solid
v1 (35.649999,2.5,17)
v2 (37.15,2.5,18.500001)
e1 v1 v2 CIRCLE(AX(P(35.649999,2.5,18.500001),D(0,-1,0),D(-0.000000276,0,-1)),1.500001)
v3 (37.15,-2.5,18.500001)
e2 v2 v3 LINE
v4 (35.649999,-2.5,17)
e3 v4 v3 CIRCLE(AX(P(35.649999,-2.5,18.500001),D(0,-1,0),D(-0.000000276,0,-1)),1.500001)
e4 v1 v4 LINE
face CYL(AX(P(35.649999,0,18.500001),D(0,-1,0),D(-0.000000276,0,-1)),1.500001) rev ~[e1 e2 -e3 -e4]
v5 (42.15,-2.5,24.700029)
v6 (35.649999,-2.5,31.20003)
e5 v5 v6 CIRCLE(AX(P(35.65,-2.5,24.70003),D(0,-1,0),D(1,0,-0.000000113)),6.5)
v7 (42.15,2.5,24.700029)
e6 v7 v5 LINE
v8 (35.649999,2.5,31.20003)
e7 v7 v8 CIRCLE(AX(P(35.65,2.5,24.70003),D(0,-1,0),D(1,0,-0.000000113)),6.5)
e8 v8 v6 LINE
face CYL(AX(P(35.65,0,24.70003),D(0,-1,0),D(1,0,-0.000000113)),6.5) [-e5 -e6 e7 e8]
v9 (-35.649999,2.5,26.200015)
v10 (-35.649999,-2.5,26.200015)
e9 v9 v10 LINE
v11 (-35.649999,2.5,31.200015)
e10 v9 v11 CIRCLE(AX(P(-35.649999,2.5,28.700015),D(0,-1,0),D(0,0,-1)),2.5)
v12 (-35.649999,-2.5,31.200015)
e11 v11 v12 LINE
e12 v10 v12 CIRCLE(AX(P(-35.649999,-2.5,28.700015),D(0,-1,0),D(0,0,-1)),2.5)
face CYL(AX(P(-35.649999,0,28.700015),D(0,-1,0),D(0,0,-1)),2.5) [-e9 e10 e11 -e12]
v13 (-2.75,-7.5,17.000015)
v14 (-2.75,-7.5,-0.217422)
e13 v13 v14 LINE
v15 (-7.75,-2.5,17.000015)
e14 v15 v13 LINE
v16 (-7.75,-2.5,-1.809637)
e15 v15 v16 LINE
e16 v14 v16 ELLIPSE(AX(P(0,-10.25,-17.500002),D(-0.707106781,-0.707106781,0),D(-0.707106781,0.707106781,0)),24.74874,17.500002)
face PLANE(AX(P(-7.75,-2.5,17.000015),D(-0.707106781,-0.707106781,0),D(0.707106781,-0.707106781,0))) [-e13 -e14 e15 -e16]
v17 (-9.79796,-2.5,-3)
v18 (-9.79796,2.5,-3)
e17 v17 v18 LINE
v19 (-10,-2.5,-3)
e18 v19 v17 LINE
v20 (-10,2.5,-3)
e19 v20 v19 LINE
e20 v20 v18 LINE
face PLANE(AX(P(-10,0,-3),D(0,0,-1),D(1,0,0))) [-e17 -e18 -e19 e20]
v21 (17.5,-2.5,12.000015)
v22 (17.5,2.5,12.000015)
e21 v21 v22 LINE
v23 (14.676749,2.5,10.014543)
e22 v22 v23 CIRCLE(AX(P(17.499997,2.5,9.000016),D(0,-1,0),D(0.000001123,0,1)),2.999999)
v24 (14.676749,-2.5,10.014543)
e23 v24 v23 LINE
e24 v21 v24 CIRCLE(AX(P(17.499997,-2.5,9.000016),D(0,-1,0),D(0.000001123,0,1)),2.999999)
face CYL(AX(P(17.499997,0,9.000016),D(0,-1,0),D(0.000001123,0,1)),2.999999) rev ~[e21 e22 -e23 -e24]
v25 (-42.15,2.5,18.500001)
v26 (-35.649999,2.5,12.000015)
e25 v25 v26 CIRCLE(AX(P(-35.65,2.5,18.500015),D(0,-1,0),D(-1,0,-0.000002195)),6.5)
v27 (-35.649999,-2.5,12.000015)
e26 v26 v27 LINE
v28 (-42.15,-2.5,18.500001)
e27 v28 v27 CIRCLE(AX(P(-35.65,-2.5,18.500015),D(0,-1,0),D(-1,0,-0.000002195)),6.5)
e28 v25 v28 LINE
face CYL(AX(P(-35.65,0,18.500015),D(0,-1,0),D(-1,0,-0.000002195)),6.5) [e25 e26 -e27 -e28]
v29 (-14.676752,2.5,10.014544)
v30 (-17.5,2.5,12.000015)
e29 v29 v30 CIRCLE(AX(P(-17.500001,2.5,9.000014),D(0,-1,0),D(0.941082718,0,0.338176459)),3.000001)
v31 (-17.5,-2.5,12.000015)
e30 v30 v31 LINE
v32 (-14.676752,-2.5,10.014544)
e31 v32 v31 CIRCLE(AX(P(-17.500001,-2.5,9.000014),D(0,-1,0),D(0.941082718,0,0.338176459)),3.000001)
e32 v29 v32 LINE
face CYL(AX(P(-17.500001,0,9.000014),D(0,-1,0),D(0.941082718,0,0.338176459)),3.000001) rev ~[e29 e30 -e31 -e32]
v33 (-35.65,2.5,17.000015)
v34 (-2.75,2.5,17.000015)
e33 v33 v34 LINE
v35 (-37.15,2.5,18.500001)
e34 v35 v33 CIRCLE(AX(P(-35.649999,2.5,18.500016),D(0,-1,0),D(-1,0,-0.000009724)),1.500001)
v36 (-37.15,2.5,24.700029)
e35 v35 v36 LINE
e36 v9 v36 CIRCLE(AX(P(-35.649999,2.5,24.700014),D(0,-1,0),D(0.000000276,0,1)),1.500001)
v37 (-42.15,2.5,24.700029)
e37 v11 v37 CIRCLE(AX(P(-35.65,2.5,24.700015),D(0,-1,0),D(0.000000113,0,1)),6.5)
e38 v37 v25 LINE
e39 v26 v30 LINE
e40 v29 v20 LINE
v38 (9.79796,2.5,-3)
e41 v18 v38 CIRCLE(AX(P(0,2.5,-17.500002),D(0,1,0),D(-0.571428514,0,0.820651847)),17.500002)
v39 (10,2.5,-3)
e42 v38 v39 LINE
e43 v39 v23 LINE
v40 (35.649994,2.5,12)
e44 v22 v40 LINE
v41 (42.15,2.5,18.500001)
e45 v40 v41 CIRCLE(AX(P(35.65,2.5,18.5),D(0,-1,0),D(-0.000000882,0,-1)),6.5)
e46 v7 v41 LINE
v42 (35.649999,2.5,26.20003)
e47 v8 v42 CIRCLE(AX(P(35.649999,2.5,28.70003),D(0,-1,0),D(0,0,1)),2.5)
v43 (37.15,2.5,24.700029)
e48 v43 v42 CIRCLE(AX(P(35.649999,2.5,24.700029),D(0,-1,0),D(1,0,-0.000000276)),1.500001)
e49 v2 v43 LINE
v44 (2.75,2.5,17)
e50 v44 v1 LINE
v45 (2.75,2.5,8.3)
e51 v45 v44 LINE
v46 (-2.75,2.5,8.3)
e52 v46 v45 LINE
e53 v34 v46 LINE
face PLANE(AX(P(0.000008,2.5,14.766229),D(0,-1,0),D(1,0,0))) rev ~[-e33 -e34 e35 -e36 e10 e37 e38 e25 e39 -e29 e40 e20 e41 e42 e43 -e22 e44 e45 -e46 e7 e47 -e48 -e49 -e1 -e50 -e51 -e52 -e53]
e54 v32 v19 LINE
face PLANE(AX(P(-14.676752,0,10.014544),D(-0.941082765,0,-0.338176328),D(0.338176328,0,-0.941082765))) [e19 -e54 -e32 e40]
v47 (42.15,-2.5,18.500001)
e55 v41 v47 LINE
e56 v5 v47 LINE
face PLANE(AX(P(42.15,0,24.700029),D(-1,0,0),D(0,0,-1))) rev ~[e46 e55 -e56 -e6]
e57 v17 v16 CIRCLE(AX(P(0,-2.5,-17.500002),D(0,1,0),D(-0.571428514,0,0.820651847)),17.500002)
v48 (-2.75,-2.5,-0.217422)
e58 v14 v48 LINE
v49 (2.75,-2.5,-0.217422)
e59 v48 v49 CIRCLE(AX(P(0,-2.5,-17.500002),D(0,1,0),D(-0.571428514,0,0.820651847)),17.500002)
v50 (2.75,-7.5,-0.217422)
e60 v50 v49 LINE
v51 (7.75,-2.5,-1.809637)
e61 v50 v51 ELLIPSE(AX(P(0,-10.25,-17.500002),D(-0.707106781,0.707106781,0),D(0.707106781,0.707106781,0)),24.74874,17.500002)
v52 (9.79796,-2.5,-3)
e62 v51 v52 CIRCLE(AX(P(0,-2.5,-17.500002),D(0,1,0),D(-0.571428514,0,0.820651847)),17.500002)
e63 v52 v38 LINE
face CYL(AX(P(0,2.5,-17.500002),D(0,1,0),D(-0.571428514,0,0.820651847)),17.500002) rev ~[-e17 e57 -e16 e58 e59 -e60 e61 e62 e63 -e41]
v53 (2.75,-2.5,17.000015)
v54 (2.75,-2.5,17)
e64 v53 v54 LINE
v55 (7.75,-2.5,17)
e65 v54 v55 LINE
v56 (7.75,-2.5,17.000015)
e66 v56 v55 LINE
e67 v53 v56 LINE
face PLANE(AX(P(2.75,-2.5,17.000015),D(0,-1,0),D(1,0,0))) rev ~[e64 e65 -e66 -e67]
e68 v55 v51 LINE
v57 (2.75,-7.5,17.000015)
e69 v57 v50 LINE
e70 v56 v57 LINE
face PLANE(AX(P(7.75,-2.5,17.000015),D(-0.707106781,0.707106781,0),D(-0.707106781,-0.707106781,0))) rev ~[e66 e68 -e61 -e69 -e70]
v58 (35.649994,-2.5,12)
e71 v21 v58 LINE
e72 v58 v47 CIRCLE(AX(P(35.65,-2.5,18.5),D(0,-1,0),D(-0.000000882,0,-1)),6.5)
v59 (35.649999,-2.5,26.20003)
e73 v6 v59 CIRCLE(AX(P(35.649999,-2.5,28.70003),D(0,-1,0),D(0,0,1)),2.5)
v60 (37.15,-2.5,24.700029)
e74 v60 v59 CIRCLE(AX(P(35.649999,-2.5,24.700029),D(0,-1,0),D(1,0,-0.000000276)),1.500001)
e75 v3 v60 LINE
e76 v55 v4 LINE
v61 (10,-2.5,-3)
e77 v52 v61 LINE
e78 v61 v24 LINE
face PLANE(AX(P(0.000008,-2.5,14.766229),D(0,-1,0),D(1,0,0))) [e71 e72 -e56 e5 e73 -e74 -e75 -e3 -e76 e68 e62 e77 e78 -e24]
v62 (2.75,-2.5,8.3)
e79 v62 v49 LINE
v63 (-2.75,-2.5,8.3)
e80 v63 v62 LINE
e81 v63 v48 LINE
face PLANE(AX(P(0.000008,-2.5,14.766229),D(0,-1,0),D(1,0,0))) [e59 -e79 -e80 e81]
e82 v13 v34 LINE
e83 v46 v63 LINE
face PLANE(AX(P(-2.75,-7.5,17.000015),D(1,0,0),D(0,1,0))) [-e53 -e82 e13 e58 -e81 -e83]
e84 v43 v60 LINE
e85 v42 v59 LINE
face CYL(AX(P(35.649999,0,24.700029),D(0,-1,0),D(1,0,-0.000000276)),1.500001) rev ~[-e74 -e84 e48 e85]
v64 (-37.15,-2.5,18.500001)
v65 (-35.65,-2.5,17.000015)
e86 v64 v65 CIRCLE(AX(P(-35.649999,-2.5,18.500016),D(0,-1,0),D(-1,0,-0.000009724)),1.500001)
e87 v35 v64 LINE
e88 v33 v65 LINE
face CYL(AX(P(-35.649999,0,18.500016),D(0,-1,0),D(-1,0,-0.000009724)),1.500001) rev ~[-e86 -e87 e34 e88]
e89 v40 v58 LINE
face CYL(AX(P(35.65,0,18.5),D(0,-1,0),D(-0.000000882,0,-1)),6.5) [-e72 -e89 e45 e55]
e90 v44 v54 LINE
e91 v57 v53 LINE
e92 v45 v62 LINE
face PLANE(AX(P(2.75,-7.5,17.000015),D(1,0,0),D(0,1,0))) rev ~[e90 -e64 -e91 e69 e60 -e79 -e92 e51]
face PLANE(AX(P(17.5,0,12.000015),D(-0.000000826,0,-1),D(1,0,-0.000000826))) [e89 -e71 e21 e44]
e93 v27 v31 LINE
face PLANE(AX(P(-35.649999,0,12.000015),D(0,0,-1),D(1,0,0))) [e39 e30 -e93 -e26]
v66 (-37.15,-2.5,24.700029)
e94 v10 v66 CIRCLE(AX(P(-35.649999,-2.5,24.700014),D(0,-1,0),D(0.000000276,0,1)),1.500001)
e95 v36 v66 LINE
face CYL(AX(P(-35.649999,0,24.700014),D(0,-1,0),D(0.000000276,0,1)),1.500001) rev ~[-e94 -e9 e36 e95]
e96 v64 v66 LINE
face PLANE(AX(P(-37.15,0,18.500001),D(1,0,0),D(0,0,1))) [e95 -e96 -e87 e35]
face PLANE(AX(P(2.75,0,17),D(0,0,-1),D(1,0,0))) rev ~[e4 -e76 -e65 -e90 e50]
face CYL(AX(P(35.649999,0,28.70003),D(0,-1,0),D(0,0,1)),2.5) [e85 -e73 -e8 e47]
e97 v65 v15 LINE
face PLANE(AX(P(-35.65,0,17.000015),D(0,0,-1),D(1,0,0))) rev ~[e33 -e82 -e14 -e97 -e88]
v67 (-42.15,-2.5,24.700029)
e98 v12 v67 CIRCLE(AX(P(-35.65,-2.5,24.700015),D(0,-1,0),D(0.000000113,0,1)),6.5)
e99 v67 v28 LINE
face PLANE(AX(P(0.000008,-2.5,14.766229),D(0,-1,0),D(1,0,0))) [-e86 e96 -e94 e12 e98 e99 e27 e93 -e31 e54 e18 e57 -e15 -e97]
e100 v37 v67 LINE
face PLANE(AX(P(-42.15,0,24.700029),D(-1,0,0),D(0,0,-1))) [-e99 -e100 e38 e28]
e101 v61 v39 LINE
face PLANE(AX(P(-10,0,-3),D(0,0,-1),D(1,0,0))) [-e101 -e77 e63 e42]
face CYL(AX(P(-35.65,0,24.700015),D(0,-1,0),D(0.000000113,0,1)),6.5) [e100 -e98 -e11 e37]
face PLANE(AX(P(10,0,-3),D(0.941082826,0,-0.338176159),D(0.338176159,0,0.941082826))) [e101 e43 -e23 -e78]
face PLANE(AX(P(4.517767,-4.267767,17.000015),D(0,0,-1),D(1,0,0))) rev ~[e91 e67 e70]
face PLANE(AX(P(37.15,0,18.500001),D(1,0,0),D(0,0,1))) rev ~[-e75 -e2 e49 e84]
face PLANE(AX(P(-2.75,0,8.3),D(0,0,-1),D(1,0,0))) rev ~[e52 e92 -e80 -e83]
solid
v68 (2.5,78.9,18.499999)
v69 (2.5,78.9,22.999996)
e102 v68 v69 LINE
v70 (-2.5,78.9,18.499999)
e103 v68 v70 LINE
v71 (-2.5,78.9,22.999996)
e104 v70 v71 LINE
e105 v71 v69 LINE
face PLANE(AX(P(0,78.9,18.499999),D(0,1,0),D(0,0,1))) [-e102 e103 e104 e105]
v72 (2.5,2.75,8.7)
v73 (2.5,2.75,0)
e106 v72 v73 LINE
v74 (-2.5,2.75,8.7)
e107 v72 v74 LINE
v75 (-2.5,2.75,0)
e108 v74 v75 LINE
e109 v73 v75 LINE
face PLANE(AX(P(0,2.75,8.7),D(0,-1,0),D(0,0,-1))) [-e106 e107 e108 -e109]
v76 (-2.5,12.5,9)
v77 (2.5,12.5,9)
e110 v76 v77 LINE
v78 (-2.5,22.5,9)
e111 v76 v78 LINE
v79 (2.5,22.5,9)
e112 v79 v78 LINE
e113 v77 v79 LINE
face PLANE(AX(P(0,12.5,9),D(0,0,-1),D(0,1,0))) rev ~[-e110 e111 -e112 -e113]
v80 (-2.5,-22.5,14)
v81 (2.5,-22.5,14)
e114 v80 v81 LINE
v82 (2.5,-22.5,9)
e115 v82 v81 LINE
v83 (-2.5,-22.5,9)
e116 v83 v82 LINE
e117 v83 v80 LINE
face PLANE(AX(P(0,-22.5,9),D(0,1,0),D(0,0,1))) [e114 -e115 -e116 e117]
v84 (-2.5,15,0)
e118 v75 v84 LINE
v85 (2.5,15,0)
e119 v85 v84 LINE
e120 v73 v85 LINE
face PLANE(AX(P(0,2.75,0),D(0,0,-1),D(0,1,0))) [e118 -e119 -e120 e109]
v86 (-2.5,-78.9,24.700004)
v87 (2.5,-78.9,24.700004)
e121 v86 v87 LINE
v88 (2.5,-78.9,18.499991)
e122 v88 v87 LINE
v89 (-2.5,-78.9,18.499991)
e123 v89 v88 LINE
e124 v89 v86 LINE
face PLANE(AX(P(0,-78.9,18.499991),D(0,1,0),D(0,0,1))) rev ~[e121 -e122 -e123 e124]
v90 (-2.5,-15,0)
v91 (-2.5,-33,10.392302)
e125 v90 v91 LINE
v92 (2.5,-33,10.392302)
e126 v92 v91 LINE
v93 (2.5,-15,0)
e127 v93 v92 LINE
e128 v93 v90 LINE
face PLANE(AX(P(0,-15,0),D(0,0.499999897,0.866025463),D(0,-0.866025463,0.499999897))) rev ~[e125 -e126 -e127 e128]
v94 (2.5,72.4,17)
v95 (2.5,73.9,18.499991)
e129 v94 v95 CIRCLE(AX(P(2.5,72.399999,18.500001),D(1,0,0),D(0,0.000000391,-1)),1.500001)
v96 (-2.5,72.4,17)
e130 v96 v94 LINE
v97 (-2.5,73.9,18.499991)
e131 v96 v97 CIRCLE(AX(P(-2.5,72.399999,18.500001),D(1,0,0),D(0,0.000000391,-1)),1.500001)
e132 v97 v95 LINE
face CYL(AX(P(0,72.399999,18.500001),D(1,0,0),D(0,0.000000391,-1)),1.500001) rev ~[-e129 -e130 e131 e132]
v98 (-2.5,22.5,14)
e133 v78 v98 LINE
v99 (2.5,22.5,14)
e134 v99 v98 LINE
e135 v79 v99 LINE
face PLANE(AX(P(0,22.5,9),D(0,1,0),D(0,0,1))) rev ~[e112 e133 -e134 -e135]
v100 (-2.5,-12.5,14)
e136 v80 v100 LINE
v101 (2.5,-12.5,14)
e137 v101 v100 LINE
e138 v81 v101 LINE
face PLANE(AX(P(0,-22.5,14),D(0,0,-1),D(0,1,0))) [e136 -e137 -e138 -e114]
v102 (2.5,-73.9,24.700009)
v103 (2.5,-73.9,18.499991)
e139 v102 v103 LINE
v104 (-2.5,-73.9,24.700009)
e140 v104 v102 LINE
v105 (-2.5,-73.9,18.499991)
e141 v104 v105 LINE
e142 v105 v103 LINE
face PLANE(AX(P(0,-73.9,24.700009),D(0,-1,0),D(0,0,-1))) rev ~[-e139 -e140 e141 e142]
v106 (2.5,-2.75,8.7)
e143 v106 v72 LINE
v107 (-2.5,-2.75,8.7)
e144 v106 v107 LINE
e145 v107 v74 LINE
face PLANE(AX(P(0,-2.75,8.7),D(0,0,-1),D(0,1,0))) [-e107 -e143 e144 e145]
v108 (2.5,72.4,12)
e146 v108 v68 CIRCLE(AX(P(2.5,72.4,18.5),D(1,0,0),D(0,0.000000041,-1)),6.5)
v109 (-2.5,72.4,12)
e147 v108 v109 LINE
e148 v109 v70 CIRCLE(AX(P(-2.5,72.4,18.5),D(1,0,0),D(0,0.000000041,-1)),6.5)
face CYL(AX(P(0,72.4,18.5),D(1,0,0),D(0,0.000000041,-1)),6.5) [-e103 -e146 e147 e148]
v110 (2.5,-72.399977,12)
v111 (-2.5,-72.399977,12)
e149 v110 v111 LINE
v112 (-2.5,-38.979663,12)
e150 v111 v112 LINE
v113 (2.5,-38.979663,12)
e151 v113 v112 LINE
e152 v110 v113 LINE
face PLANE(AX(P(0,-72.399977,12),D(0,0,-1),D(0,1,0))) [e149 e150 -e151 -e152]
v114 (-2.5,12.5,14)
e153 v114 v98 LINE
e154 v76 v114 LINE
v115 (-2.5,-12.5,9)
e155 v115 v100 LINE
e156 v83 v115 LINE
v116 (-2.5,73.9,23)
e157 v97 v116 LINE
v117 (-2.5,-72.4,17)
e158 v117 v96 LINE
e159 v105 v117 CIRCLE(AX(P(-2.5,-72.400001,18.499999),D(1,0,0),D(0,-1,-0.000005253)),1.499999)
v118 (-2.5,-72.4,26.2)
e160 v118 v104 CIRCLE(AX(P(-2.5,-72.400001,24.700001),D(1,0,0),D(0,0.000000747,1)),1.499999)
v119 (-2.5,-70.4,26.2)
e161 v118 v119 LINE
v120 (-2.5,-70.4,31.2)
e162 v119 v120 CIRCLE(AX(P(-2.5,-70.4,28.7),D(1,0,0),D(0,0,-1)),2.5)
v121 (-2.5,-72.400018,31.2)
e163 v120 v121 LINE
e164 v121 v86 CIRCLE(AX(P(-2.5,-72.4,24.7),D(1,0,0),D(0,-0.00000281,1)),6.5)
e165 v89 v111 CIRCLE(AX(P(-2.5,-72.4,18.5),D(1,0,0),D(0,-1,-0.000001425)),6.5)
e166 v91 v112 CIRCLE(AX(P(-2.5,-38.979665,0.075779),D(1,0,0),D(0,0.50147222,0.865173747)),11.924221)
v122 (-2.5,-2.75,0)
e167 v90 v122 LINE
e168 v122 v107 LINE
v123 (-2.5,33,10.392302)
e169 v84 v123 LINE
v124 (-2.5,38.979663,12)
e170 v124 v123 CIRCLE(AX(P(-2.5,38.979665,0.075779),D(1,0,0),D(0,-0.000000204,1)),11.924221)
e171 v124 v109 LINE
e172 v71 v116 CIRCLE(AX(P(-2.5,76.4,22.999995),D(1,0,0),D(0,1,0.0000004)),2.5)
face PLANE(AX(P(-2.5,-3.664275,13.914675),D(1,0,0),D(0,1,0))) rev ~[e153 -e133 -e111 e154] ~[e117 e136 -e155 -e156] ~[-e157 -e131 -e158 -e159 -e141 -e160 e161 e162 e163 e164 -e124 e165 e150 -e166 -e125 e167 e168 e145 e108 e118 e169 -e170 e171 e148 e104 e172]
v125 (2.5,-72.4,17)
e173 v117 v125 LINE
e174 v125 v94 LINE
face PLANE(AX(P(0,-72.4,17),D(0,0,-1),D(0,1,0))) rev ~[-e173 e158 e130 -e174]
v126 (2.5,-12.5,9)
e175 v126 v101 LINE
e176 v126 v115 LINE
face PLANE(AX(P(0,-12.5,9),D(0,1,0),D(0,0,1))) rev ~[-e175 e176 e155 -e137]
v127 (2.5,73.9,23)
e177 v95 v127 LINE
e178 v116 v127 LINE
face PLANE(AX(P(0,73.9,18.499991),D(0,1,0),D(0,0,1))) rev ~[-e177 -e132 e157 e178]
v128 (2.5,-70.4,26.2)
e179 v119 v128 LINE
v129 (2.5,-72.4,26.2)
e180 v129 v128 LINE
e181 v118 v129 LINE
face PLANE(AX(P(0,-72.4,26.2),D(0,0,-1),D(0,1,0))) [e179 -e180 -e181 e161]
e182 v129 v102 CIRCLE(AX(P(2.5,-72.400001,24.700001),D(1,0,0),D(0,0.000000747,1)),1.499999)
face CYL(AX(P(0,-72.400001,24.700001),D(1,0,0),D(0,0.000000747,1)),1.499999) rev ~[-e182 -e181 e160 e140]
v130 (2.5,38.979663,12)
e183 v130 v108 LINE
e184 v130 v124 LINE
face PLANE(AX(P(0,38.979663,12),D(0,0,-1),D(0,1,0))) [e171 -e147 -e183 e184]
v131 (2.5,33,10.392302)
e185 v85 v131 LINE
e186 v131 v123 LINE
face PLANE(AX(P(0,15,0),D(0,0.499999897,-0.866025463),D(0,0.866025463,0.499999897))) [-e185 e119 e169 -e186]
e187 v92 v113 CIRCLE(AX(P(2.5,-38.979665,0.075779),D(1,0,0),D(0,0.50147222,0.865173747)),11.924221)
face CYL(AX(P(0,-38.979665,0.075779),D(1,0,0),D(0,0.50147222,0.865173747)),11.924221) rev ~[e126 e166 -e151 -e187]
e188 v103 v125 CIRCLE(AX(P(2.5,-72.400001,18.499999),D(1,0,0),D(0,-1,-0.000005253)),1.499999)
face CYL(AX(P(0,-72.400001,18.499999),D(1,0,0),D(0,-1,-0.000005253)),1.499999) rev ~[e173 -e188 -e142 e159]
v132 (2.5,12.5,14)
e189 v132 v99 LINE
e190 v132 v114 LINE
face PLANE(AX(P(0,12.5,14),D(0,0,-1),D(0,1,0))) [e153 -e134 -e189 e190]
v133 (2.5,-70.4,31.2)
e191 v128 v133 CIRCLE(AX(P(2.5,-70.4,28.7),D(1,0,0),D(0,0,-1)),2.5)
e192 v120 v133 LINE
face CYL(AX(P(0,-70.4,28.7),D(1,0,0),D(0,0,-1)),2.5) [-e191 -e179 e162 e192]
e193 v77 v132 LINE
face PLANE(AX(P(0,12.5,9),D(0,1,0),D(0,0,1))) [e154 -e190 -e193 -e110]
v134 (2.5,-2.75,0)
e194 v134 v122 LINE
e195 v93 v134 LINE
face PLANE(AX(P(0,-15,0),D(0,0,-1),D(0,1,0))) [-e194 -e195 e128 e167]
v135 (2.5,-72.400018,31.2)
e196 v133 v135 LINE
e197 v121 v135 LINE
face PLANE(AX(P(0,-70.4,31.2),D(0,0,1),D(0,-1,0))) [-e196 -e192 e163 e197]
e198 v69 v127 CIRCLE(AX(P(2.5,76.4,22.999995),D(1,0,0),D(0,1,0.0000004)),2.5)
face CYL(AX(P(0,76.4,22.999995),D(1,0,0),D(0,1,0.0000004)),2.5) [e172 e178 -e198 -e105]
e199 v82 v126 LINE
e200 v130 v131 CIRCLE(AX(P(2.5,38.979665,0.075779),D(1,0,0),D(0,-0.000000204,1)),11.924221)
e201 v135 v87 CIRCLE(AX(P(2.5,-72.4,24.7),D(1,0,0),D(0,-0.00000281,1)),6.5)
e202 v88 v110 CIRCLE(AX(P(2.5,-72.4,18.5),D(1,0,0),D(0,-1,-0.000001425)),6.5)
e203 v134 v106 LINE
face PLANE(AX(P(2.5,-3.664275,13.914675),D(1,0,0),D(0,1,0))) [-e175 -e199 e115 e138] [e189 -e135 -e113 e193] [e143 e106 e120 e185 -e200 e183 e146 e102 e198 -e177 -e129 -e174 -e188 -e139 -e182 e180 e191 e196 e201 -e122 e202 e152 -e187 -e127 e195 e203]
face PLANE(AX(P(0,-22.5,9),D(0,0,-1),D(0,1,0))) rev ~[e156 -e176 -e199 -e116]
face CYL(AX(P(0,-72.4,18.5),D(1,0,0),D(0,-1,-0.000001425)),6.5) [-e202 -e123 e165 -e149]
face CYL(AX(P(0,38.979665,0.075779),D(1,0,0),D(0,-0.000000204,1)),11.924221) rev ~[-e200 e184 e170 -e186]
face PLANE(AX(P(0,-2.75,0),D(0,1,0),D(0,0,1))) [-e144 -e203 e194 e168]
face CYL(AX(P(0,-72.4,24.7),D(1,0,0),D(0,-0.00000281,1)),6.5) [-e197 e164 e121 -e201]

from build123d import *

# Parameters (mm, degrees)
SKETCH_W     = 10
SKETCH_H     = 5
PAD_DEPTH    = 2.5
PAD001_DEPTH = 2.5
PAD002_DEPTH = 20
POCKET_DEPTH = 10


with BuildPart() as vertical:
    # Sketch → Pad (new body, symmetric)
    with BuildSketch(Plane.YZ):
        with BuildLine():
            Line((78.9, 18.499999), (78.9, 22.999996))
            ThreePointArc((78.9, 22.999996), (76.400002, 25.499995), (73.9, 23))
            Line((73.9, 18.499991), (73.9, 23))
            ThreePointArc((72.4, 17), (73.460657, 17.439337), (73.9, 18.499991))
            Line((-72.4, 17), (72.4, 17))
            ThreePointArc((-73.9, 18.499991), (-73.460657, 17.439336), (-72.4, 17))
            Line((-73.9, 24.700009), (-73.9, 18.499991))
            ThreePointArc((-72.4, 26.2), (-73.460657, 25.760664), (-73.9, 24.700009))
            Line((-72.4, 26.2), (-70.4, 26.2))
            ThreePointArc((-70.4, 26.2), (-67.9, 28.7), (-70.4, 31.2))
            Line((-70.4, 31.2), (-72.400018, 31.2))
            ThreePointArc((-72.400018, 31.2), (-76.996199, 29.296189), (-78.9, 24.700004))
            Line((-78.9, 18.499991), (-78.9, 24.700004))
            ThreePointArc((-78.9, 18.499991), (-76.996183, 13.903795), (-72.399977, 12))
            Line((-72.399977, 12), (-38.979663, 12))
            ThreePointArc((-33, 10.392302), (-35.883655, 11.591063), (-38.979663, 12))
            Line((-15, 0), (-33, 10.392302))
            Line((-15, 0), (-2.75, 0))
            Line((-2.75, 0), (-2.75, 8.7))
            Line((-2.75, 8.7), (2.75, 8.7))
            Line((2.75, 8.7), (2.75, 0))
            Line((2.75, 0), (15, 0))
            Line((15, 0), (33, 10.392302))
            ThreePointArc((38.979663, 12), (35.883655, 11.591063), (33, 10.392302))
            Line((38.979663, 12), (72.4, 12))
            ThreePointArc((72.4, 12), (76.996194, 13.903806), (78.9, 18.499999))
        make_face()
        with Locations((-17.5, 11.5)):
            Rectangle(SKETCH_W, SKETCH_H, mode=Mode.SUBTRACT)
        with Locations((17.5, 11.5)):
            Rectangle(SKETCH_W, SKETCH_H, mode=Mode.SUBTRACT)
    extrude(amount=PAD_DEPTH, both=True)


with BuildPart() as fusion:
    # Sketch001 → Pad001 (new body, symmetric)
    with BuildSketch(Plane.XZ):
        with BuildLine():
            Line((17.5, 12.000015), (35.649994, 12))
            ThreePointArc((35.649994, 12), (40.246192, 13.903804), (42.15, 18.500001))
            Line((42.15, 24.700029), (42.15, 18.500001))
            ThreePointArc((42.15, 24.700029), (40.246194, 29.296224), (35.649999, 31.20003))
            ThreePointArc((35.649999, 31.20003), (33.149999, 28.70003), (35.649999, 26.20003))
            ThreePointArc((37.15, 24.700029), (36.71066, 25.76069), (35.649999, 26.20003))
            Line((37.15, 18.500001), (37.15, 24.700029))
            ThreePointArc((35.649999, 17), (36.71066, 17.43934), (37.15, 18.500001))
            Line((2.75, 17), (35.649999, 17))
            Line((2.75, 8.3), (2.75, 17))
            Line((-2.75, 8.3), (2.75, 8.3))
            Line((-2.75, 17.000015), (-2.75, 8.3))
            Line((-35.65, 17.000015), (-2.75, 17.000015))
            ThreePointArc((-37.15, 18.500001), (-36.710655, 17.43935), (-35.65, 17.000015))
            Line((-37.15, 18.500001), (-37.15, 24.700029))
            ThreePointArc((-35.649999, 26.200015), (-36.710655, 25.76068), (-37.15, 24.700029))
            ThreePointArc((-35.649999, 26.200015), (-33.149999, 28.700015), (-35.649999, 31.200015))
            ThreePointArc((-35.649999, 31.200015), (-40.246189, 29.296214), (-42.15, 24.700029))
            Line((-42.15, 24.700029), (-42.15, 18.500001))
            ThreePointArc((-42.15, 18.500001), (-40.246189, 13.903816), (-35.649999, 12.000015))
            Line((-35.649999, 12.000015), (-17.5, 12.000015))
            ThreePointArc((-14.676752, 10.014544), (-15.774252, 11.453949), (-17.5, 12.000015))
            Line((-14.676752, 10.014544), (-10, -3))
            Line((-10, -3), (10, -3))
            Line((10, -3), (14.676749, 10.014543))
            ThreePointArc((17.5, 12.000015), (15.77425, 11.45395), (14.676749, 10.014543))
        make_face()
    extrude(amount=PAD001_DEPTH, both=True)

    # Sketch002 → Pad002 (new body)
    with BuildSketch(Plane(origin=(0, 0, 17.000015), x_dir=(-1, 0, 0), z_dir=(0, 0, 1))):
        Polygon((-7.75, 2.5), (-2.75, 7.5), (-2.75, 2.5), align=None)
        Polygon((2.75, 7.5), (2.75, 2.5), (7.75, 2.5), align=None)
    extrude(amount=-PAD002_DEPTH)

    # Sketch003 → Pocket (cut)
    with BuildSketch(Plane(origin=(0, 2.5, 0), x_dir=(1, 0, 0), z_dir=(0, 1, 0))):
        with BuildLine():
            ThreePointArc((-10, 3.138593), (0, 0), (10, 3.138593))
            Line((-10, 3.138593), (10, 3.138593))
        make_face()
    extrude(amount=-POCKET_DEPTH, mode=Mode.SUBTRACT)

    # Fusion: union Vertical
    add(vertical.part)


solid = fusion.part
